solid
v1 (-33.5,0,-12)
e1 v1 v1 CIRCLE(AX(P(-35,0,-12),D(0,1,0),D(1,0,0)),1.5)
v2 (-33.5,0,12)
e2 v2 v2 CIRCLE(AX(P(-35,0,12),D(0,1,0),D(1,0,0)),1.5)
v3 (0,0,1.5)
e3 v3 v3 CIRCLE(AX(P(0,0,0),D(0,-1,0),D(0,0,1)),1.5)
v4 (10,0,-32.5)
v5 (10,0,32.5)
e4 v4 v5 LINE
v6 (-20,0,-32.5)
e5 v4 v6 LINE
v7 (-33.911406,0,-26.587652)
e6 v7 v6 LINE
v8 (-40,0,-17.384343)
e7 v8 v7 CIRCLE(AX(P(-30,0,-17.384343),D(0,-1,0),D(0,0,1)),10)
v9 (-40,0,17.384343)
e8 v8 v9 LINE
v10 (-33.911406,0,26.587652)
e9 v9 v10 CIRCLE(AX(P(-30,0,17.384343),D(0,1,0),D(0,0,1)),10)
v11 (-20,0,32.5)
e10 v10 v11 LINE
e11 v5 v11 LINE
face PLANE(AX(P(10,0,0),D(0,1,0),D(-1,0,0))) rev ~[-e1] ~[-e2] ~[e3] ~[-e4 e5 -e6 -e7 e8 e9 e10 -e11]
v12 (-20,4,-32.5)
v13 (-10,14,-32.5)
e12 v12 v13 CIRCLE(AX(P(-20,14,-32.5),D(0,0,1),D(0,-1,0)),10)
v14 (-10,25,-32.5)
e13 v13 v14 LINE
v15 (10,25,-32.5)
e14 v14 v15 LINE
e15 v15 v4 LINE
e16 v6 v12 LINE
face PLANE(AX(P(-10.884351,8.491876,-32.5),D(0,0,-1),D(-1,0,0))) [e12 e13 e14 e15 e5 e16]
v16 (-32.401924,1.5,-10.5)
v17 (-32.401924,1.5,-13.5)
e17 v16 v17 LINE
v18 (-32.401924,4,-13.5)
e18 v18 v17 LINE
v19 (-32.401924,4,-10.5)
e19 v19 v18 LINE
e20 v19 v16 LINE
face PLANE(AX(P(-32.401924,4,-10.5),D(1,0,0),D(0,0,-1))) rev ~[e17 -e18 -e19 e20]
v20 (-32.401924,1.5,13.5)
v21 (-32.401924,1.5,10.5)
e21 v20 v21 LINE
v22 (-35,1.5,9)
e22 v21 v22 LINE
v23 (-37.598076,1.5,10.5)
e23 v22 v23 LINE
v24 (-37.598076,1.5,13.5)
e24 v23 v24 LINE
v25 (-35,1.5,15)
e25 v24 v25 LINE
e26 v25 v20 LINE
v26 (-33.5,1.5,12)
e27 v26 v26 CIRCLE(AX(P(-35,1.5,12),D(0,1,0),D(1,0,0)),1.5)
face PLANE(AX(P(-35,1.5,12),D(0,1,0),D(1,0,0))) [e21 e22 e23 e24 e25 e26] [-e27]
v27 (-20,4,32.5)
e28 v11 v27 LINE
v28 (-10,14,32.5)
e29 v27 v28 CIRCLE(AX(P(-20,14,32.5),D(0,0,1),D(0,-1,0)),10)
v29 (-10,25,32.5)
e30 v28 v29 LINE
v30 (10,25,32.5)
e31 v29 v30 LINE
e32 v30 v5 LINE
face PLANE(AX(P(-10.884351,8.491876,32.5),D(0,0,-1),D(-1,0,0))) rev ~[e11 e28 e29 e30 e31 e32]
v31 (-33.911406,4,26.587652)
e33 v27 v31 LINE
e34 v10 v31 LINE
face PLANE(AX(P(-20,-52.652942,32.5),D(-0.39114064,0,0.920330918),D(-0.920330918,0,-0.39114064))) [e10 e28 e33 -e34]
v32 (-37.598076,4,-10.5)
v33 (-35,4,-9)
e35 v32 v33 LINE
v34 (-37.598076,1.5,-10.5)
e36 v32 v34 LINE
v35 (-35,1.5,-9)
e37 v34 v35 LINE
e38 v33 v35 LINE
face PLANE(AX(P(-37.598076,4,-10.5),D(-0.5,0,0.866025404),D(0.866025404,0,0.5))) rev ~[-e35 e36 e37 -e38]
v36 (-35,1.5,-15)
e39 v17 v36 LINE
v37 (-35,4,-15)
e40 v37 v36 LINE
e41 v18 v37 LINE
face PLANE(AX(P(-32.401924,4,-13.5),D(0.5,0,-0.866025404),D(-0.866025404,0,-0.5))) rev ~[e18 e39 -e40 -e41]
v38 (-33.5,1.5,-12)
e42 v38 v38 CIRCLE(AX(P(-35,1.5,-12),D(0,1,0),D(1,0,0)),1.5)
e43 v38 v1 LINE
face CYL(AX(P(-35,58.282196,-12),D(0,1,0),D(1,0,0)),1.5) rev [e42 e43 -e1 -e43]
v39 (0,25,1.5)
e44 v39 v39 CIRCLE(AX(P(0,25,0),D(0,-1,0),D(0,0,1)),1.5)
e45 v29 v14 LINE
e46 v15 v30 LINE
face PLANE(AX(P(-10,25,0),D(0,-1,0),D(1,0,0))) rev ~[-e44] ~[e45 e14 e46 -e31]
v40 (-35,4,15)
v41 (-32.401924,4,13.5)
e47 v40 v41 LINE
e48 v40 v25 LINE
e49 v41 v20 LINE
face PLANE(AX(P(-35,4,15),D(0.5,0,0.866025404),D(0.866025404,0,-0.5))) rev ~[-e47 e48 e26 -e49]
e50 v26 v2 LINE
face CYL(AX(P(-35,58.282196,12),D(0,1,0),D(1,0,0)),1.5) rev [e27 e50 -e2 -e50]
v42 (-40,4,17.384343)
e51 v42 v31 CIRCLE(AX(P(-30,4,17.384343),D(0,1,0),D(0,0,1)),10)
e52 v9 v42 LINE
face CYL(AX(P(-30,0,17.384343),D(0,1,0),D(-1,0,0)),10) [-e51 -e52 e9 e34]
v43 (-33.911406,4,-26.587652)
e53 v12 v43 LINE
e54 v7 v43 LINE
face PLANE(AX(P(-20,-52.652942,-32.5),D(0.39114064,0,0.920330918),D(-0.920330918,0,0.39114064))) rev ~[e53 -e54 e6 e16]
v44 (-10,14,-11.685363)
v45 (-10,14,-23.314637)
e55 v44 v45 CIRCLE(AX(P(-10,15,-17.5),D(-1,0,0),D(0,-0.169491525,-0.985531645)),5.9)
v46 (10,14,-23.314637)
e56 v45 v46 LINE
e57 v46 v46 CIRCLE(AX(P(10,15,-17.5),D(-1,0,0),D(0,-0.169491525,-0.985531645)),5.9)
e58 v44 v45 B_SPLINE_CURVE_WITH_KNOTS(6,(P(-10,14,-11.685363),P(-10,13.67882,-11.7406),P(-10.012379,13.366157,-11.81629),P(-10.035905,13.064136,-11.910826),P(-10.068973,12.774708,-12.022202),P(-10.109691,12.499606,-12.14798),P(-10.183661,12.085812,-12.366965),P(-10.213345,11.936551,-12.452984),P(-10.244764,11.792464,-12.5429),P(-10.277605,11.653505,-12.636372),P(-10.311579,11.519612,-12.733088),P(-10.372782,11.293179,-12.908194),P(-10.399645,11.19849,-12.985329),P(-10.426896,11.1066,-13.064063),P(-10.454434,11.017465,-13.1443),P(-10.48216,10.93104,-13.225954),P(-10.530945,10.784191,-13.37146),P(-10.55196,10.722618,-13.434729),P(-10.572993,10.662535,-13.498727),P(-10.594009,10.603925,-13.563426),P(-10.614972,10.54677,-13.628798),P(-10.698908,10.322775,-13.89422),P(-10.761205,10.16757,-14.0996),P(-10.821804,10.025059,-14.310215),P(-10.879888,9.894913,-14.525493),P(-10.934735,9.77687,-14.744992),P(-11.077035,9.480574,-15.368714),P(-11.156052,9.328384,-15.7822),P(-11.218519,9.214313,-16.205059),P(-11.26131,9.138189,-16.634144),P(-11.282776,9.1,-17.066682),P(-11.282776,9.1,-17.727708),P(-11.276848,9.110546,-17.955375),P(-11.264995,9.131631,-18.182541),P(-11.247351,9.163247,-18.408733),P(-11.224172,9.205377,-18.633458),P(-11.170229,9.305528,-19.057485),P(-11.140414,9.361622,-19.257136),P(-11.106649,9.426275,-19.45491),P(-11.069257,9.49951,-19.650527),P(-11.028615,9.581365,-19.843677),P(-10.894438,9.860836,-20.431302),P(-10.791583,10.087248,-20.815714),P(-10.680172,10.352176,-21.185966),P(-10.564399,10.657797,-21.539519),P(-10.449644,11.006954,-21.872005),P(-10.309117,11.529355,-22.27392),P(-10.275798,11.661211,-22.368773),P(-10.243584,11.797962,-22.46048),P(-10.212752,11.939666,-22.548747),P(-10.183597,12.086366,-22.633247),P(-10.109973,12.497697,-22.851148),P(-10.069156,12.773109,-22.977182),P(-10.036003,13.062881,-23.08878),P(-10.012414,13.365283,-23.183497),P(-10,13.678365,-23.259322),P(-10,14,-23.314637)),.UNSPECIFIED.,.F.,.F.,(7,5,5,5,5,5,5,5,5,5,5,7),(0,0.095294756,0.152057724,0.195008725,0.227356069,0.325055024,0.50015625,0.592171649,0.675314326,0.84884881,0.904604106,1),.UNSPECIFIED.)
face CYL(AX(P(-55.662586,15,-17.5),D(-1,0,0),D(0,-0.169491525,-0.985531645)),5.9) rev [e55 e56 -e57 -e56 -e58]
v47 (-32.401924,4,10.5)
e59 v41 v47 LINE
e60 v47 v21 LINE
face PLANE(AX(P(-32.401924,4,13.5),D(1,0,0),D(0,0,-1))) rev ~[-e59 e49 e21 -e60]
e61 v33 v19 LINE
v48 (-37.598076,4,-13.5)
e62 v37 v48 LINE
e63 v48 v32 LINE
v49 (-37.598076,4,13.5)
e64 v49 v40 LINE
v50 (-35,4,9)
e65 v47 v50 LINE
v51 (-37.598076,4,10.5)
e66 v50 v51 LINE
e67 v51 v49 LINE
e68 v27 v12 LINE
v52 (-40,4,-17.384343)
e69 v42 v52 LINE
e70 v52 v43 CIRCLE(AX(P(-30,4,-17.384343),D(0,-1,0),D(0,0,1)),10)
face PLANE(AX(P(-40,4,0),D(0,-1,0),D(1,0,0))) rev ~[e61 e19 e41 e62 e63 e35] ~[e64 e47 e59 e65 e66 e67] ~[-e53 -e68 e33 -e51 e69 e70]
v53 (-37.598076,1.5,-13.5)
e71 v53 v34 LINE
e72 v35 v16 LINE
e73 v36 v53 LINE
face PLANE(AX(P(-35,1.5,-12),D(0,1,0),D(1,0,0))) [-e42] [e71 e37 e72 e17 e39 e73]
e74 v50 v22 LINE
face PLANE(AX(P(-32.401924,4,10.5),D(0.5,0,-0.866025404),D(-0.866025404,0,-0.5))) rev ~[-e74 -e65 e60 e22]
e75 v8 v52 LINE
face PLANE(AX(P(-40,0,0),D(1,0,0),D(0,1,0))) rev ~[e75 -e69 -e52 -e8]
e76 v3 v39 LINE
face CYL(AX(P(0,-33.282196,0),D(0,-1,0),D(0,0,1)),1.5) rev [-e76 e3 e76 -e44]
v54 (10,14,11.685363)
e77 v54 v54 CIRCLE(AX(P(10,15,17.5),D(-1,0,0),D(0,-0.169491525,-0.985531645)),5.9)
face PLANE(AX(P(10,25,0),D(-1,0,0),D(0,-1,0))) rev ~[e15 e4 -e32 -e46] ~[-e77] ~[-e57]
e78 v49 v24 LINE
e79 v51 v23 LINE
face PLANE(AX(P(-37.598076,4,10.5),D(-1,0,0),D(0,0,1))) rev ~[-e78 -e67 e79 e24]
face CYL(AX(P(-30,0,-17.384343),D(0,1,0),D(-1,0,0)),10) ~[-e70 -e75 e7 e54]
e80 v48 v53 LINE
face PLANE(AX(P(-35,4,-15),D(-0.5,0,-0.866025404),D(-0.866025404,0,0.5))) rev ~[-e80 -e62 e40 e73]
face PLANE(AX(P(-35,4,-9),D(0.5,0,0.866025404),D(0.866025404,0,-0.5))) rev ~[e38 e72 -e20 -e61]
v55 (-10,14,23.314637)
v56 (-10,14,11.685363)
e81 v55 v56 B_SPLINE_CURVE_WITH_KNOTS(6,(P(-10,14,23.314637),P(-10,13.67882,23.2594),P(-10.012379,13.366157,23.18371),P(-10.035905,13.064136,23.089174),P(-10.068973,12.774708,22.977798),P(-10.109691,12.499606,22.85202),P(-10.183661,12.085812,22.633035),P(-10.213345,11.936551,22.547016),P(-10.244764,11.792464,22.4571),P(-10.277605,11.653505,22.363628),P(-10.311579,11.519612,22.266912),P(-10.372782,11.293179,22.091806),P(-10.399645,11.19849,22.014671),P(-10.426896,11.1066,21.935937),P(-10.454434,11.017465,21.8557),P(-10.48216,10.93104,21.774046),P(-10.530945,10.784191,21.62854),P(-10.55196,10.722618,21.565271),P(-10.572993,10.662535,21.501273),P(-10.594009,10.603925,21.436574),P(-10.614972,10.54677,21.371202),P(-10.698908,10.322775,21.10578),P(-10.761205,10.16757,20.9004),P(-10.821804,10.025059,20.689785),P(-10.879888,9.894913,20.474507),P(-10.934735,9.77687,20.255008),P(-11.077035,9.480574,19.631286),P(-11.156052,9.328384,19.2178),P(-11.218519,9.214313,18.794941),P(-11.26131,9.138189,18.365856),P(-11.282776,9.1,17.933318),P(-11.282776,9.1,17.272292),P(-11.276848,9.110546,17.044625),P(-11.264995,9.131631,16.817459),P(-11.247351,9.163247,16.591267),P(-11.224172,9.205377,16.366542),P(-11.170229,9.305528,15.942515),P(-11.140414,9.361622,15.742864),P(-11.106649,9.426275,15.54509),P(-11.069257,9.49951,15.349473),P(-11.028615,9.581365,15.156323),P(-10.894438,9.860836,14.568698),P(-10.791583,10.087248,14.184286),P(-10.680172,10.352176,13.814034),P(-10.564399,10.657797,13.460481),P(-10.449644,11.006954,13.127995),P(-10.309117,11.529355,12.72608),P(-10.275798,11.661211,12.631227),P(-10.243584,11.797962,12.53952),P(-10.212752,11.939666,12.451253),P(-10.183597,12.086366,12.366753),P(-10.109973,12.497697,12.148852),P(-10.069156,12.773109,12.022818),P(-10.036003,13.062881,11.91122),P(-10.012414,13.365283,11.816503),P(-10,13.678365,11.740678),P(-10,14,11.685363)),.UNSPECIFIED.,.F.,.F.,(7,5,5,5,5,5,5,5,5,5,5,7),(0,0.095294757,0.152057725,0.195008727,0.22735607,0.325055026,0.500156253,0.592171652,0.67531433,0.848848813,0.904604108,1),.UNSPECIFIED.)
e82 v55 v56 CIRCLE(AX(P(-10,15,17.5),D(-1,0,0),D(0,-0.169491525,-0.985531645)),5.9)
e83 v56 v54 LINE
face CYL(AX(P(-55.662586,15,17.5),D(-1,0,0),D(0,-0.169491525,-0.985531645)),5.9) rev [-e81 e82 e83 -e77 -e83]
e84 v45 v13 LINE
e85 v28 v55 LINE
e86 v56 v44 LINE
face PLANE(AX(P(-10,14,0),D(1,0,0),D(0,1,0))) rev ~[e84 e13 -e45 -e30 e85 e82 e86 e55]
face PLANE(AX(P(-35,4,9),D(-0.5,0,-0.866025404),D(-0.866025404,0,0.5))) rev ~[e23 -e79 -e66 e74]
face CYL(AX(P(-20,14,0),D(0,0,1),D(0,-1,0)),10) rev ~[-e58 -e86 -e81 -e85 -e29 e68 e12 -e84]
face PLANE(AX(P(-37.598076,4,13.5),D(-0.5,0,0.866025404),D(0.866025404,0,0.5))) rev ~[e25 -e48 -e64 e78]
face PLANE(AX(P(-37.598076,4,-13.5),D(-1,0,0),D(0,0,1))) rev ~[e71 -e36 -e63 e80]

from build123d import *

# Parameters (mm, degrees)
BOSS_EXTRUDE1_DEPTH     = 32.5
CUT_EXTRUDE1_DEPTH      = 65.662585782
CUT_EXTRUDE1_DEPTH_BACK = 65.662585782
SKETCH2_R               = 5.9
CUT_EXTRUDE2_DEPTH      = 58.282196244
CUT_EXTRUDE2_DEPTH_BACK = 58.282196244
SKETCH3_R               = 1.5
CUT_EXTRUDE3_DEPTH      = 58.282196244
CUT_EXTRUDE3_DEPTH_BACK = 58.282196244
SKETCH4_R               = 1.5
CUT_EXTRUDE4_DEPTH      = 2.5
CUT_EXTRUDE5_DEPTH      = 56.652942478
CUT_EXTRUDE5_DEPTH_BACK = 56.652942478
FILLET1_R               = 10


with BuildPart() as part:
    # Sketch1 → Boss-Extrude1 (new, symmetric)
    with BuildSketch(Plane.XY):
        with BuildLine():
            Line((-40, 0), (-40, 4))
            Line((-40, 4), (-20, 4))
            ThreePointArc((-20, 4), (-12.928932188, 6.928932188), (-10, 14))
            Line((-10, 14), (-10, 25))
            Line((-10, 25), (10, 25))
            Line((10, 25), (10, 14))
            Line((10, 14), (10, 0))
            Line((10, 0), (-40, 0))
        make_face()
    extrude(amount=BOSS_EXTRUDE1_DEPTH, both=True)

    # Sketch2 → Cut-Extrude1 (cut, two sides: drawn at the far end of the back side and taken through both)
    with BuildSketch(Plane(origin=(10, 0, 0), x_dir=(0, 0, -1), z_dir=(1, 0, 0)).offset(-CUT_EXTRUDE1_DEPTH_BACK)):
        with Locations(Location((-17.5, 15, 0), (0, 0, 350.241743405))):
            Circle(SKETCH2_R)
        with Locations(Location((17.5, 15, 0), (0, 0, 350.241743405))):
            Circle(SKETCH2_R)
    extrude(amount=CUT_EXTRUDE1_DEPTH + CUT_EXTRUDE1_DEPTH_BACK, mode=Mode.SUBTRACT)

    # Sketch3 → Cut-Extrude2 (cut, two sides: drawn at the far end of the back side and taken through both)
    with BuildSketch(Plane.XZ.offset(-CUT_EXTRUDE2_DEPTH_BACK)):
        with Locations((-35, 12)):
            Circle(SKETCH3_R)
        with Locations((-35, -12)):
            Circle(SKETCH3_R)
    extrude(amount=CUT_EXTRUDE2_DEPTH + CUT_EXTRUDE2_DEPTH_BACK, mode=Mode.SUBTRACT)

    # Sketch4 → Cut-Extrude3 (cut, two sides: drawn at the far end of the back side and taken through both)
    with BuildSketch(Plane(origin=(0, 25, 0), x_dir=(1, 0, 0), z_dir=(0, 1, 0)).offset(-CUT_EXTRUDE3_DEPTH_BACK)):
        with Locations(Location((0, 0, 0), (0, 0, 270))):
            Circle(SKETCH4_R)
    extrude(amount=CUT_EXTRUDE3_DEPTH + CUT_EXTRUDE3_DEPTH_BACK, mode=Mode.SUBTRACT)

    # Sketch5 → Cut-Extrude4 (cut)
    with BuildSketch(Plane(origin=(0, 4, 0), x_dir=(1, 0, 0), z_dir=(0, 1, 0))):
        Polygon((-32.401923789, -10.5), (-35, -9), (-37.598076211, -10.5), (-37.598076211, -13.5), (-35, -15), (-32.401923789, -13.5), align=None)
        Polygon((-32.401923789, 10.5), (-32.401923789, 13.5), (-35, 15), (-37.598076211, 13.5), (-37.598076211, 10.5), (-35, 9), align=None)
    extrude(amount=-CUT_EXTRUDE4_DEPTH, mode=Mode.SUBTRACT)

    # Sketch6 → Cut-Extrude5 (cut, two sides: drawn at the far end of the back side and taken through both)
    with BuildSketch(Plane(origin=(0, 4, 0), x_dir=(1, 0, 0), z_dir=(0, 1, 0)).offset(-CUT_EXTRUDE5_DEPTH_BACK)):
        Polygon((-20, -32.5), (-40, -24), (-40, -32.5), align=None)
        Polygon((-20, 32.5), (-40, 24), (-40, 32.5), align=None)
    extrude(amount=CUT_EXTRUDE5_DEPTH + CUT_EXTRUDE5_DEPTH_BACK, mode=Mode.SUBTRACT)

    # Fillet1
    fillet1_edges = [part.edges().sort_by_distance(p)[0] for p in [
        (-40, 2, 24),
        (-40, 2, -24),
    ]]
    fillet(fillet1_edges, radius=FILLET1_R)


solid = part.part
